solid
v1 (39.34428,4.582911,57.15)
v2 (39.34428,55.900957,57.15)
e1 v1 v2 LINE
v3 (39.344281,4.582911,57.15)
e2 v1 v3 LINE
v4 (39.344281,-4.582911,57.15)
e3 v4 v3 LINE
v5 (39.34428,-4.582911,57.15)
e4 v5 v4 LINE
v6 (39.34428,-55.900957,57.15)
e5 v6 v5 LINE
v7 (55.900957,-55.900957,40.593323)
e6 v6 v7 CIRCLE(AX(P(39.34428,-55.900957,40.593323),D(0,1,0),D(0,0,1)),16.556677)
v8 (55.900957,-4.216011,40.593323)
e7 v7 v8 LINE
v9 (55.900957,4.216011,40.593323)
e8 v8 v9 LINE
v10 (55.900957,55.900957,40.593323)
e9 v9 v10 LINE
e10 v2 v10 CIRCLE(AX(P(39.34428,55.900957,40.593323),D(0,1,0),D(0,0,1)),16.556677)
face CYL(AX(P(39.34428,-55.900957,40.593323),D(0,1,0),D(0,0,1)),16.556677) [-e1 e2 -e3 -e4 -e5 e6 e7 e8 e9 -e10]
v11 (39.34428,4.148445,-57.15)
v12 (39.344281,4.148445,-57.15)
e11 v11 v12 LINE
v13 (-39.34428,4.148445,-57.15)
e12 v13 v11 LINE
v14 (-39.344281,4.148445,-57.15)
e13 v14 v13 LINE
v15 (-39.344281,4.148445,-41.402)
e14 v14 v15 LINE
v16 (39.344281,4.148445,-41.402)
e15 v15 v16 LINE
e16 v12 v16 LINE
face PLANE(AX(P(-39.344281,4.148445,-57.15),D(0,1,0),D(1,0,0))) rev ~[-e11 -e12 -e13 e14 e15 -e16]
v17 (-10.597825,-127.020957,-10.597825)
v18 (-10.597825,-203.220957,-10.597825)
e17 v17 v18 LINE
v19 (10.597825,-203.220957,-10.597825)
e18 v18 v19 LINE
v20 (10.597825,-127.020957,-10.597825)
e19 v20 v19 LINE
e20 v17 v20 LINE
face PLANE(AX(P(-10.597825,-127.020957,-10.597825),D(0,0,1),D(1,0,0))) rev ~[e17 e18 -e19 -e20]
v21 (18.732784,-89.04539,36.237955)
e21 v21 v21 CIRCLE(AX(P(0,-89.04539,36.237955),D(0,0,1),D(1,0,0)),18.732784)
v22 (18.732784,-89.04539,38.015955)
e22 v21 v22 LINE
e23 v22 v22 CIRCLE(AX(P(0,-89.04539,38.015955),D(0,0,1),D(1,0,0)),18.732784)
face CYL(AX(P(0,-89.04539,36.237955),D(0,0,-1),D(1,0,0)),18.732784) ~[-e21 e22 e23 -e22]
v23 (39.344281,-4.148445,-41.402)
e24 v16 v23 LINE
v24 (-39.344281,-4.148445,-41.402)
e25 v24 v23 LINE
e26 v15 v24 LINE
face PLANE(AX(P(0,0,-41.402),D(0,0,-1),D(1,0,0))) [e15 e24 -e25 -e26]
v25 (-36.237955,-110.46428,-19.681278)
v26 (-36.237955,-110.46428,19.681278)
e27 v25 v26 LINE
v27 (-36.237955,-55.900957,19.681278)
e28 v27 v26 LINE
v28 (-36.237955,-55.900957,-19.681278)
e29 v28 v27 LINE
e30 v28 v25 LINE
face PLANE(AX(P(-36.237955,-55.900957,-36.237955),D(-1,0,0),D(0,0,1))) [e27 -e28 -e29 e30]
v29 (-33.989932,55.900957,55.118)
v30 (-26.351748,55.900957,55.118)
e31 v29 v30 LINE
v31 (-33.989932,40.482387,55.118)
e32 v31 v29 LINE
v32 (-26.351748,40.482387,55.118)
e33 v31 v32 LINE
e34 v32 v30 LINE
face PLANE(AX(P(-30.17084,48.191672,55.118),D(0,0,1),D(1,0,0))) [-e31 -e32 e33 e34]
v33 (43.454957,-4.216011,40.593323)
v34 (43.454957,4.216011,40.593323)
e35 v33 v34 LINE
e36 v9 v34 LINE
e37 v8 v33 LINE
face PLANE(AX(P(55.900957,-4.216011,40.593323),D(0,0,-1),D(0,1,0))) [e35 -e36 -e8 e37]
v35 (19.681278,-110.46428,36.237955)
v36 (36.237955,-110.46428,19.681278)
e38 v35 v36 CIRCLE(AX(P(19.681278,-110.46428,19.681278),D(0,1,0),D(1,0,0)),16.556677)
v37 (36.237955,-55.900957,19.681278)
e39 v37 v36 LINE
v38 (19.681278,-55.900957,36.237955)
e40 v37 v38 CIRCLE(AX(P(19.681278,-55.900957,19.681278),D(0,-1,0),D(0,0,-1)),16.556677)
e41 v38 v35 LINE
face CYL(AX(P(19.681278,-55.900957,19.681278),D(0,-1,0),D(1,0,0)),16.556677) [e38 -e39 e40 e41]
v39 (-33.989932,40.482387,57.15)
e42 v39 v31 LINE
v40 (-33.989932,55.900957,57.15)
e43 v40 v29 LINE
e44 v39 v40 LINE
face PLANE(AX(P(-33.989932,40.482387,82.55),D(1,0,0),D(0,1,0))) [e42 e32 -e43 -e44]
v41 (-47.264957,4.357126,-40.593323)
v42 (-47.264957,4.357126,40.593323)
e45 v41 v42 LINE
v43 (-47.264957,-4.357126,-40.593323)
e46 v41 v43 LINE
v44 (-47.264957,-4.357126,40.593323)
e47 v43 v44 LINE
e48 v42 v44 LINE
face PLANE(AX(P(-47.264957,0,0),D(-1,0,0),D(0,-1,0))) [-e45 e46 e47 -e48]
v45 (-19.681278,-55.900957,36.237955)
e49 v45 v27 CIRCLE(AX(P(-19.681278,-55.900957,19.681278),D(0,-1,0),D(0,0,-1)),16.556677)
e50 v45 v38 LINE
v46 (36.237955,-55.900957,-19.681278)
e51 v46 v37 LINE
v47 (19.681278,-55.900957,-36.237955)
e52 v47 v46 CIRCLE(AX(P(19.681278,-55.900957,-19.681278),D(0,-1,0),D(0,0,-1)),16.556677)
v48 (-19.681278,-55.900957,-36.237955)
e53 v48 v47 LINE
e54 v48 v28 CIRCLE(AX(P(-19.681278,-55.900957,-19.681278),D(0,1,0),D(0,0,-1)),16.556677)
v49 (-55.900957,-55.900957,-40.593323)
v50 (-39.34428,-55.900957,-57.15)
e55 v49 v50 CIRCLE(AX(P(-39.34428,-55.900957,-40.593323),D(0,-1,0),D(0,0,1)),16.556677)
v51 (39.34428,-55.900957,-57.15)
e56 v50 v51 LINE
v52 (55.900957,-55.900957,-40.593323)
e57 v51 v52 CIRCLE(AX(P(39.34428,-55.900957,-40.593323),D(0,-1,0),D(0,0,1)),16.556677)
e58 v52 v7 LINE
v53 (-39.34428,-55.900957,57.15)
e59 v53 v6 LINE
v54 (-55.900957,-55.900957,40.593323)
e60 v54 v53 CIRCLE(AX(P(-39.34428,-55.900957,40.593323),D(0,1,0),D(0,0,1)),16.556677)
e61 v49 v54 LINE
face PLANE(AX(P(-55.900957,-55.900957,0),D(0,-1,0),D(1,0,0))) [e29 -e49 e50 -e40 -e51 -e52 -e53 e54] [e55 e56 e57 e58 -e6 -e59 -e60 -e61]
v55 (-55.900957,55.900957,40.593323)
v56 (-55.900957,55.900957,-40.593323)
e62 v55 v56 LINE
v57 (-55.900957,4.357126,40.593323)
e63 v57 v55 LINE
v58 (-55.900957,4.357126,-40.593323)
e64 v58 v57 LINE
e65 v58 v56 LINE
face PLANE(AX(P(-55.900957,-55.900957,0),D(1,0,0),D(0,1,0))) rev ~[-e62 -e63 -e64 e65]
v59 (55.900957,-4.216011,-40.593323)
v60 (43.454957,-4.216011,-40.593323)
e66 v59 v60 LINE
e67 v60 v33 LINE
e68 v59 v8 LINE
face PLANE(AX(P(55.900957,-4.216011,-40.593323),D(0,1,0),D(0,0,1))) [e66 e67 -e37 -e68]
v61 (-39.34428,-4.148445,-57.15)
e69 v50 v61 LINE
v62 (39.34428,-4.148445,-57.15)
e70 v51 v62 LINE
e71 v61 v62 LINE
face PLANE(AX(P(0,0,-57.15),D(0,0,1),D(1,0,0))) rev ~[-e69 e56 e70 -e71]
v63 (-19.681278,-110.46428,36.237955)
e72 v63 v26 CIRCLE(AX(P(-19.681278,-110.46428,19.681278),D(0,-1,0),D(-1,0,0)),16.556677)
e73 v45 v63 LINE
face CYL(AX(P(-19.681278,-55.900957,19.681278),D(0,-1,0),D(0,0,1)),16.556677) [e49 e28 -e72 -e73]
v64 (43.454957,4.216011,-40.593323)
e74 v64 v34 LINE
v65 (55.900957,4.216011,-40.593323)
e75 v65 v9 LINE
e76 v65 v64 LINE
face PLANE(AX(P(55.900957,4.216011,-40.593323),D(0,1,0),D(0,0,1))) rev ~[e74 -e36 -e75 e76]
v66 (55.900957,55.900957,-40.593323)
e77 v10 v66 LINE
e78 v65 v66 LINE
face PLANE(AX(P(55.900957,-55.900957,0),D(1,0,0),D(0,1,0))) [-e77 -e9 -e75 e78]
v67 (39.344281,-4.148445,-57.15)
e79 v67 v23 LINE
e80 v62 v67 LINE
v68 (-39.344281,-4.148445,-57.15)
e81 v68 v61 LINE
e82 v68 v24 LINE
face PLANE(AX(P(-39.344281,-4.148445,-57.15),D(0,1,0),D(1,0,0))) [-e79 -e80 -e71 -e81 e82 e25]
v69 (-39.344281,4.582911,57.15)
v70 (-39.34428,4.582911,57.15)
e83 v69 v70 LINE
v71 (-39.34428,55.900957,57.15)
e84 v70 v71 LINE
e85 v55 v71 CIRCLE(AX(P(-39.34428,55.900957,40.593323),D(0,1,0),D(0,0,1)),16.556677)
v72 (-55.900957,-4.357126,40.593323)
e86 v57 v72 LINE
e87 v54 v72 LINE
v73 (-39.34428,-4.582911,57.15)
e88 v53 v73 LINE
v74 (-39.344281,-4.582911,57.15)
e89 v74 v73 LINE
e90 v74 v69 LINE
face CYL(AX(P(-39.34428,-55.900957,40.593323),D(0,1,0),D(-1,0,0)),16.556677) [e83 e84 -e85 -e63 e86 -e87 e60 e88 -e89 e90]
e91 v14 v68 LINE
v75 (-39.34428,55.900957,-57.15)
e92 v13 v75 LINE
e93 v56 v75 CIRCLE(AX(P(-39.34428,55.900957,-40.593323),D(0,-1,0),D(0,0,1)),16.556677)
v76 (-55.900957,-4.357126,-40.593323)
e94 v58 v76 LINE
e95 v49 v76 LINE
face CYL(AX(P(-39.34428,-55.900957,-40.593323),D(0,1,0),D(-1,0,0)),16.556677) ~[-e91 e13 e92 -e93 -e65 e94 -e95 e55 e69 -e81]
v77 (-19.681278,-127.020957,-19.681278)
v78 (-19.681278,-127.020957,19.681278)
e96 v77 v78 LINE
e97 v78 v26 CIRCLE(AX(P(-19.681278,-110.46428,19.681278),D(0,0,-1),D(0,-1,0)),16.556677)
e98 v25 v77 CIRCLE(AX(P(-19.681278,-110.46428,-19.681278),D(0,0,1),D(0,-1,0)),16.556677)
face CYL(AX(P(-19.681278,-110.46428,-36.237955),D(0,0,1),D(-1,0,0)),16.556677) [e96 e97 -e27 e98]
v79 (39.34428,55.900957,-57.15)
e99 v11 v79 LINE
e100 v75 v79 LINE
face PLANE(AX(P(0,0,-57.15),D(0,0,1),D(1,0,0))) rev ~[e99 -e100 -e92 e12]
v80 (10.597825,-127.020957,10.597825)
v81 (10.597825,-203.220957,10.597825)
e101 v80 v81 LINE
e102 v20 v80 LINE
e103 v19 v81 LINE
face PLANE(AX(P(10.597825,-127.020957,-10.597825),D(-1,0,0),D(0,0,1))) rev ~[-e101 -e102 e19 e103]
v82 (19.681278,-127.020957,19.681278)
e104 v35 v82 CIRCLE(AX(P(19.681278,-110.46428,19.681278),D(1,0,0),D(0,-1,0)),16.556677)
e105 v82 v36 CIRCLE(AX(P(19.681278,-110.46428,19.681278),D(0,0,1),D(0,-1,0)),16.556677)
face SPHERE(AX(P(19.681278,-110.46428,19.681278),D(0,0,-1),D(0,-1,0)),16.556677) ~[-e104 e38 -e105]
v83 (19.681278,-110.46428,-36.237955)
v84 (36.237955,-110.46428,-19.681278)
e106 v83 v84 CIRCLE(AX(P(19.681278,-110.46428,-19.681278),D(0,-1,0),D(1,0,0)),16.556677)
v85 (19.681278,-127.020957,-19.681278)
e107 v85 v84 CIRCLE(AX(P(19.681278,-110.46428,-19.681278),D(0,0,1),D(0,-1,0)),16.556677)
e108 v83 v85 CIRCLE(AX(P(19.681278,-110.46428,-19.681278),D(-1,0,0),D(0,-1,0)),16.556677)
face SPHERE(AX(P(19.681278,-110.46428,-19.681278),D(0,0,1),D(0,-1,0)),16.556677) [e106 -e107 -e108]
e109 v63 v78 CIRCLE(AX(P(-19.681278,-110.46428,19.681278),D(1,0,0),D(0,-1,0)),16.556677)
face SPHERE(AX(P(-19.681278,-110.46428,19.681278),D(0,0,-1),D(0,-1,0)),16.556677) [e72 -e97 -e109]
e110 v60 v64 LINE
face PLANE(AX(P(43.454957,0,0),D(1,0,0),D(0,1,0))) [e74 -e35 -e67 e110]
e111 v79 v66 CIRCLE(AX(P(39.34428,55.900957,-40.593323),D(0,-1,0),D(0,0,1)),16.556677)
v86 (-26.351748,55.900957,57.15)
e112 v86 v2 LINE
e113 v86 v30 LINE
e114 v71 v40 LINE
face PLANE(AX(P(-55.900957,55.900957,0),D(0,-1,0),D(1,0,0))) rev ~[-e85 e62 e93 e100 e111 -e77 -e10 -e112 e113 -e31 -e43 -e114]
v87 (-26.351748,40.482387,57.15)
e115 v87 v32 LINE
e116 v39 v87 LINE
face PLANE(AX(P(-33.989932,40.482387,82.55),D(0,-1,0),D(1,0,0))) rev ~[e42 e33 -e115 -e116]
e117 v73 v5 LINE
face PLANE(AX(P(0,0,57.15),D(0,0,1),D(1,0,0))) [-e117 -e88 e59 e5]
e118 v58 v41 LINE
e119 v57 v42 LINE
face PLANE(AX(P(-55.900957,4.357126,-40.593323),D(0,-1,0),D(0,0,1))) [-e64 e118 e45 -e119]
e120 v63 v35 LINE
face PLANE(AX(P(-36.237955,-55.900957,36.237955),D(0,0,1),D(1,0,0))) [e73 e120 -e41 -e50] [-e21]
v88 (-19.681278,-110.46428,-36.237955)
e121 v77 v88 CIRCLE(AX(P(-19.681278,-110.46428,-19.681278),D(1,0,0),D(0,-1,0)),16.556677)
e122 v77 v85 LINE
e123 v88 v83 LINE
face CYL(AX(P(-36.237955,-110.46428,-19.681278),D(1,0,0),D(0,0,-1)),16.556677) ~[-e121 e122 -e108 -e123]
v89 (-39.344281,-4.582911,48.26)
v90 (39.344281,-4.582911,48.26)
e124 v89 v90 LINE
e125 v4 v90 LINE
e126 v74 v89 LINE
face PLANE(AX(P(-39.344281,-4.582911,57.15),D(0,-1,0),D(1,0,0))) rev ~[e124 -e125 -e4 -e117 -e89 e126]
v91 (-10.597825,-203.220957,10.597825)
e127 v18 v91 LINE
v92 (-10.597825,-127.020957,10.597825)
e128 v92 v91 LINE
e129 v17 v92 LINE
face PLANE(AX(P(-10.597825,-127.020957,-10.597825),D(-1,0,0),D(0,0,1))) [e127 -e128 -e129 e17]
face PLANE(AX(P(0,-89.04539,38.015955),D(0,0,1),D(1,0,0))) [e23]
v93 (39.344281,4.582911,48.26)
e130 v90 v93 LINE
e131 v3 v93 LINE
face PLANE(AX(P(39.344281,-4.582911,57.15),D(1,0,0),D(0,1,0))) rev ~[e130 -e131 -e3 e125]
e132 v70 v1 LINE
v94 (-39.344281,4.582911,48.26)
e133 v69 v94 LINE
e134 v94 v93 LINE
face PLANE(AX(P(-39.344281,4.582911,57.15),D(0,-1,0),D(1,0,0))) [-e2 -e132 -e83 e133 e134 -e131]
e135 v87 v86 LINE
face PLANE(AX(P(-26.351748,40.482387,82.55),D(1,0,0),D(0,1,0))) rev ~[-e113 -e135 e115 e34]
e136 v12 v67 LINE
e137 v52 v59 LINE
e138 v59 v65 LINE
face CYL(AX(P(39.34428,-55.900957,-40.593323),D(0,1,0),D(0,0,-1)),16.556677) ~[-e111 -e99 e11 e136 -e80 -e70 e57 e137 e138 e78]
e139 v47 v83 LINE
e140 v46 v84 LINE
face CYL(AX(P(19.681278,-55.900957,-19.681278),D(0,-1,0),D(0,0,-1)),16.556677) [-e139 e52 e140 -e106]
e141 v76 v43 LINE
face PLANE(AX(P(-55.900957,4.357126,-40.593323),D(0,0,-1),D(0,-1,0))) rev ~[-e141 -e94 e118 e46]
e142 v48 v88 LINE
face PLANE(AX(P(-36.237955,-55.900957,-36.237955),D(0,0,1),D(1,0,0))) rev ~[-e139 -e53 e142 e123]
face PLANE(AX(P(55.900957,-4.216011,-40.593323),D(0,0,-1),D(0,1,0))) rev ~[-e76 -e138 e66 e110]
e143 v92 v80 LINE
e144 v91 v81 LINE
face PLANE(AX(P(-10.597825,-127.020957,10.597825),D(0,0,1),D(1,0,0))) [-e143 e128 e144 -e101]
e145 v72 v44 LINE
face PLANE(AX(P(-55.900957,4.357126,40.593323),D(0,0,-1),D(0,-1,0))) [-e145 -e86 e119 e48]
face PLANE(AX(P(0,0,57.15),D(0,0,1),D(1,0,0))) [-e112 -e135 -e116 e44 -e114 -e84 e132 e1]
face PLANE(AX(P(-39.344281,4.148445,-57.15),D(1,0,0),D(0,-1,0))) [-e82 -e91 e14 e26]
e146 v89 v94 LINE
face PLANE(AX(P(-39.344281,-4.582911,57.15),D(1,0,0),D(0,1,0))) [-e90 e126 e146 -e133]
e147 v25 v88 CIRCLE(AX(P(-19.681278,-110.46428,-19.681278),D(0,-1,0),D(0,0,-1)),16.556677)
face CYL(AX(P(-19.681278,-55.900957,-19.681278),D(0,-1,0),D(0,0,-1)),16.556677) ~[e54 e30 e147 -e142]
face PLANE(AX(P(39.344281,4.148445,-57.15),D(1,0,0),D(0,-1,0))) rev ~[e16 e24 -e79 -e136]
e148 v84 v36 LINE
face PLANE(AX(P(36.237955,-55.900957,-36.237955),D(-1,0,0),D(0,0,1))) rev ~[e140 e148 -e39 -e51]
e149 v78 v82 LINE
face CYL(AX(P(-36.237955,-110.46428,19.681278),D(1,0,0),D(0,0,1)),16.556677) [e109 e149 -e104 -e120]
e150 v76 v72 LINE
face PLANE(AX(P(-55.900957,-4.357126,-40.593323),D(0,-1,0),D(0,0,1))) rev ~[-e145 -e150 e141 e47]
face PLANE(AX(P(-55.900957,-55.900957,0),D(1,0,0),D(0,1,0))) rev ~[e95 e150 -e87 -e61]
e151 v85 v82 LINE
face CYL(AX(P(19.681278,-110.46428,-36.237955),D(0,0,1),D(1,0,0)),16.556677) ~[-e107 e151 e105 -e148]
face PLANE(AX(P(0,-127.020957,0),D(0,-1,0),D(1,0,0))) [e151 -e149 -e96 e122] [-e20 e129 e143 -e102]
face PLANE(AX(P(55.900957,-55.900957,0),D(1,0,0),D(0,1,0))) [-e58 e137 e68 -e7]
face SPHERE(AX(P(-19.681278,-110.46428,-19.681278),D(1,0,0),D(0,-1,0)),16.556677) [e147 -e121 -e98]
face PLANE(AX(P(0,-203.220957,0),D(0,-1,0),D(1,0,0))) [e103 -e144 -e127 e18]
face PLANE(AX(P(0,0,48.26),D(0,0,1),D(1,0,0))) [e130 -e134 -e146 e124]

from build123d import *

# Parameters (mm, degrees)
F0_W      = 111.801914
F0_H      = 111.801914
F1_DEPTH  = 57.15
F2_W      = 72.47591
F2_H      = 72.47591
F3_DEPTH  = 71.12
F4_W      = 21.19565
F4_H      = 21.19565
F5_DEPTH  = 76.2
F6_R      = 16.556677
F7_W      = 7.638184
F7_H      = 15.41857
F8_DEPTH  = 25.4
F8_FACE_W = 7.638184
F8_FACE_H = 15.41857
F9_DEPTH  = 27.432
F10_W     = 78.688562
F10_H     = 9.165822
F11_DEPTH = 8.89
F12_W     = 8.714252
F12_H     = 81.186646
F13_DEPTH = 8.636
F14_W     = 78.688562
F14_H     = 8.29689
F15_DEPTH = 15.748
F16_W     = 8.432022
F16_H     = 81.186646
F17_DEPTH = 12.446
F18_R     = 18.732784
F19_DEPTH = 1.778


with BuildPart() as f1:
    # F0 (on Top) → F1 (new body, symmetric)
    with BuildSketch(Plane.XY):
        Rectangle(F0_W, F0_H)
    extrude(amount=F1_DEPTH, both=True)

    # F2 (on face) → F3 (join)
    with BuildSketch(Plane.XZ.offset(55.900957)):
        Rectangle(F2_W, F2_H)
    extrude(amount=F3_DEPTH)

    # F4 (on face) → F5 (join)
    with BuildSketch(Plane.XZ.offset(127.020957)):
        Rectangle(F4_W, F4_H)
    extrude(amount=F5_DEPTH)

    # F6
    f6_edges = [f1.edges().sort_by_distance(p)[0] for p in [
        (-55.900957, 0, 57.15),
        (-55.900957, 0, -57.15),
        (55.900957, 0, -57.15),
        (55.900957, 0, 57.15),
        (36.237955, -127.020957, 0),
        (0, -127.020957, -36.237955),
        (-36.237955, -127.020957, 0),
        (0, -127.020957, 36.237955),
        (-36.237955, -91.460957, -36.237955),
        (36.237955, -91.460957, -36.237955),
        (36.237955, -91.460957, 36.237955),
        (-36.237955, -91.460957, 36.237955),
    ]]
    fillet(f6_edges, radius=F6_R)

    # F7 (on face) → F8 (join)
    with BuildSketch(Plane.XY.offset(57.15)):
        with Locations((-30.17084, 48.191672)):
            Rectangle(F7_W, F7_H)
    extrude(amount=F8_DEPTH)

    # F8_face (on face) → F9 (cut)
    with BuildSketch(Plane(origin=(-30.17084, 48.191672, 82.55), x_dir=(1, 0, 0), z_dir=(0, 0, 1))):
        Rectangle(F8_FACE_W, F8_FACE_H)
    extrude(amount=-F9_DEPTH, mode=Mode.SUBTRACT)

    # F10 (on face) → F11 (cut)
    with BuildSketch(Plane.XY.offset(57.15)):
        Rectangle(F10_W, F10_H)
    extrude(amount=-F11_DEPTH, mode=Mode.SUBTRACT)

    # F12 (on face) → F13 (cut)
    with BuildSketch(Plane(origin=(-55.900957, 0, 0), x_dir=(0, -1, 0), z_dir=(-1, 0, 0))):
        Rectangle(F12_W, F12_H)
    extrude(amount=-F13_DEPTH, mode=Mode.SUBTRACT)

    # F14 (on face) → F15 (cut)
    with BuildSketch(Plane(origin=(0, 0, -57.15), x_dir=(1, 0, 0), z_dir=(0, 0, -1))):
        Rectangle(F14_W, F14_H)
    extrude(amount=-F15_DEPTH, mode=Mode.SUBTRACT)

    # F16 (on face) → F17 (cut)
    with BuildSketch(Plane.YZ.offset(55.900957)):
        Rectangle(F16_W, F16_H)
    extrude(amount=-F17_DEPTH, mode=Mode.SUBTRACT)

    # F18 (on face) → F19 (join)
    with BuildSketch(Plane.XY.offset(36.237955)):
        with Locations((0, -89.04539)):
            Circle(F18_R)
    extrude(amount=F19_DEPTH)


solid = f1.part
